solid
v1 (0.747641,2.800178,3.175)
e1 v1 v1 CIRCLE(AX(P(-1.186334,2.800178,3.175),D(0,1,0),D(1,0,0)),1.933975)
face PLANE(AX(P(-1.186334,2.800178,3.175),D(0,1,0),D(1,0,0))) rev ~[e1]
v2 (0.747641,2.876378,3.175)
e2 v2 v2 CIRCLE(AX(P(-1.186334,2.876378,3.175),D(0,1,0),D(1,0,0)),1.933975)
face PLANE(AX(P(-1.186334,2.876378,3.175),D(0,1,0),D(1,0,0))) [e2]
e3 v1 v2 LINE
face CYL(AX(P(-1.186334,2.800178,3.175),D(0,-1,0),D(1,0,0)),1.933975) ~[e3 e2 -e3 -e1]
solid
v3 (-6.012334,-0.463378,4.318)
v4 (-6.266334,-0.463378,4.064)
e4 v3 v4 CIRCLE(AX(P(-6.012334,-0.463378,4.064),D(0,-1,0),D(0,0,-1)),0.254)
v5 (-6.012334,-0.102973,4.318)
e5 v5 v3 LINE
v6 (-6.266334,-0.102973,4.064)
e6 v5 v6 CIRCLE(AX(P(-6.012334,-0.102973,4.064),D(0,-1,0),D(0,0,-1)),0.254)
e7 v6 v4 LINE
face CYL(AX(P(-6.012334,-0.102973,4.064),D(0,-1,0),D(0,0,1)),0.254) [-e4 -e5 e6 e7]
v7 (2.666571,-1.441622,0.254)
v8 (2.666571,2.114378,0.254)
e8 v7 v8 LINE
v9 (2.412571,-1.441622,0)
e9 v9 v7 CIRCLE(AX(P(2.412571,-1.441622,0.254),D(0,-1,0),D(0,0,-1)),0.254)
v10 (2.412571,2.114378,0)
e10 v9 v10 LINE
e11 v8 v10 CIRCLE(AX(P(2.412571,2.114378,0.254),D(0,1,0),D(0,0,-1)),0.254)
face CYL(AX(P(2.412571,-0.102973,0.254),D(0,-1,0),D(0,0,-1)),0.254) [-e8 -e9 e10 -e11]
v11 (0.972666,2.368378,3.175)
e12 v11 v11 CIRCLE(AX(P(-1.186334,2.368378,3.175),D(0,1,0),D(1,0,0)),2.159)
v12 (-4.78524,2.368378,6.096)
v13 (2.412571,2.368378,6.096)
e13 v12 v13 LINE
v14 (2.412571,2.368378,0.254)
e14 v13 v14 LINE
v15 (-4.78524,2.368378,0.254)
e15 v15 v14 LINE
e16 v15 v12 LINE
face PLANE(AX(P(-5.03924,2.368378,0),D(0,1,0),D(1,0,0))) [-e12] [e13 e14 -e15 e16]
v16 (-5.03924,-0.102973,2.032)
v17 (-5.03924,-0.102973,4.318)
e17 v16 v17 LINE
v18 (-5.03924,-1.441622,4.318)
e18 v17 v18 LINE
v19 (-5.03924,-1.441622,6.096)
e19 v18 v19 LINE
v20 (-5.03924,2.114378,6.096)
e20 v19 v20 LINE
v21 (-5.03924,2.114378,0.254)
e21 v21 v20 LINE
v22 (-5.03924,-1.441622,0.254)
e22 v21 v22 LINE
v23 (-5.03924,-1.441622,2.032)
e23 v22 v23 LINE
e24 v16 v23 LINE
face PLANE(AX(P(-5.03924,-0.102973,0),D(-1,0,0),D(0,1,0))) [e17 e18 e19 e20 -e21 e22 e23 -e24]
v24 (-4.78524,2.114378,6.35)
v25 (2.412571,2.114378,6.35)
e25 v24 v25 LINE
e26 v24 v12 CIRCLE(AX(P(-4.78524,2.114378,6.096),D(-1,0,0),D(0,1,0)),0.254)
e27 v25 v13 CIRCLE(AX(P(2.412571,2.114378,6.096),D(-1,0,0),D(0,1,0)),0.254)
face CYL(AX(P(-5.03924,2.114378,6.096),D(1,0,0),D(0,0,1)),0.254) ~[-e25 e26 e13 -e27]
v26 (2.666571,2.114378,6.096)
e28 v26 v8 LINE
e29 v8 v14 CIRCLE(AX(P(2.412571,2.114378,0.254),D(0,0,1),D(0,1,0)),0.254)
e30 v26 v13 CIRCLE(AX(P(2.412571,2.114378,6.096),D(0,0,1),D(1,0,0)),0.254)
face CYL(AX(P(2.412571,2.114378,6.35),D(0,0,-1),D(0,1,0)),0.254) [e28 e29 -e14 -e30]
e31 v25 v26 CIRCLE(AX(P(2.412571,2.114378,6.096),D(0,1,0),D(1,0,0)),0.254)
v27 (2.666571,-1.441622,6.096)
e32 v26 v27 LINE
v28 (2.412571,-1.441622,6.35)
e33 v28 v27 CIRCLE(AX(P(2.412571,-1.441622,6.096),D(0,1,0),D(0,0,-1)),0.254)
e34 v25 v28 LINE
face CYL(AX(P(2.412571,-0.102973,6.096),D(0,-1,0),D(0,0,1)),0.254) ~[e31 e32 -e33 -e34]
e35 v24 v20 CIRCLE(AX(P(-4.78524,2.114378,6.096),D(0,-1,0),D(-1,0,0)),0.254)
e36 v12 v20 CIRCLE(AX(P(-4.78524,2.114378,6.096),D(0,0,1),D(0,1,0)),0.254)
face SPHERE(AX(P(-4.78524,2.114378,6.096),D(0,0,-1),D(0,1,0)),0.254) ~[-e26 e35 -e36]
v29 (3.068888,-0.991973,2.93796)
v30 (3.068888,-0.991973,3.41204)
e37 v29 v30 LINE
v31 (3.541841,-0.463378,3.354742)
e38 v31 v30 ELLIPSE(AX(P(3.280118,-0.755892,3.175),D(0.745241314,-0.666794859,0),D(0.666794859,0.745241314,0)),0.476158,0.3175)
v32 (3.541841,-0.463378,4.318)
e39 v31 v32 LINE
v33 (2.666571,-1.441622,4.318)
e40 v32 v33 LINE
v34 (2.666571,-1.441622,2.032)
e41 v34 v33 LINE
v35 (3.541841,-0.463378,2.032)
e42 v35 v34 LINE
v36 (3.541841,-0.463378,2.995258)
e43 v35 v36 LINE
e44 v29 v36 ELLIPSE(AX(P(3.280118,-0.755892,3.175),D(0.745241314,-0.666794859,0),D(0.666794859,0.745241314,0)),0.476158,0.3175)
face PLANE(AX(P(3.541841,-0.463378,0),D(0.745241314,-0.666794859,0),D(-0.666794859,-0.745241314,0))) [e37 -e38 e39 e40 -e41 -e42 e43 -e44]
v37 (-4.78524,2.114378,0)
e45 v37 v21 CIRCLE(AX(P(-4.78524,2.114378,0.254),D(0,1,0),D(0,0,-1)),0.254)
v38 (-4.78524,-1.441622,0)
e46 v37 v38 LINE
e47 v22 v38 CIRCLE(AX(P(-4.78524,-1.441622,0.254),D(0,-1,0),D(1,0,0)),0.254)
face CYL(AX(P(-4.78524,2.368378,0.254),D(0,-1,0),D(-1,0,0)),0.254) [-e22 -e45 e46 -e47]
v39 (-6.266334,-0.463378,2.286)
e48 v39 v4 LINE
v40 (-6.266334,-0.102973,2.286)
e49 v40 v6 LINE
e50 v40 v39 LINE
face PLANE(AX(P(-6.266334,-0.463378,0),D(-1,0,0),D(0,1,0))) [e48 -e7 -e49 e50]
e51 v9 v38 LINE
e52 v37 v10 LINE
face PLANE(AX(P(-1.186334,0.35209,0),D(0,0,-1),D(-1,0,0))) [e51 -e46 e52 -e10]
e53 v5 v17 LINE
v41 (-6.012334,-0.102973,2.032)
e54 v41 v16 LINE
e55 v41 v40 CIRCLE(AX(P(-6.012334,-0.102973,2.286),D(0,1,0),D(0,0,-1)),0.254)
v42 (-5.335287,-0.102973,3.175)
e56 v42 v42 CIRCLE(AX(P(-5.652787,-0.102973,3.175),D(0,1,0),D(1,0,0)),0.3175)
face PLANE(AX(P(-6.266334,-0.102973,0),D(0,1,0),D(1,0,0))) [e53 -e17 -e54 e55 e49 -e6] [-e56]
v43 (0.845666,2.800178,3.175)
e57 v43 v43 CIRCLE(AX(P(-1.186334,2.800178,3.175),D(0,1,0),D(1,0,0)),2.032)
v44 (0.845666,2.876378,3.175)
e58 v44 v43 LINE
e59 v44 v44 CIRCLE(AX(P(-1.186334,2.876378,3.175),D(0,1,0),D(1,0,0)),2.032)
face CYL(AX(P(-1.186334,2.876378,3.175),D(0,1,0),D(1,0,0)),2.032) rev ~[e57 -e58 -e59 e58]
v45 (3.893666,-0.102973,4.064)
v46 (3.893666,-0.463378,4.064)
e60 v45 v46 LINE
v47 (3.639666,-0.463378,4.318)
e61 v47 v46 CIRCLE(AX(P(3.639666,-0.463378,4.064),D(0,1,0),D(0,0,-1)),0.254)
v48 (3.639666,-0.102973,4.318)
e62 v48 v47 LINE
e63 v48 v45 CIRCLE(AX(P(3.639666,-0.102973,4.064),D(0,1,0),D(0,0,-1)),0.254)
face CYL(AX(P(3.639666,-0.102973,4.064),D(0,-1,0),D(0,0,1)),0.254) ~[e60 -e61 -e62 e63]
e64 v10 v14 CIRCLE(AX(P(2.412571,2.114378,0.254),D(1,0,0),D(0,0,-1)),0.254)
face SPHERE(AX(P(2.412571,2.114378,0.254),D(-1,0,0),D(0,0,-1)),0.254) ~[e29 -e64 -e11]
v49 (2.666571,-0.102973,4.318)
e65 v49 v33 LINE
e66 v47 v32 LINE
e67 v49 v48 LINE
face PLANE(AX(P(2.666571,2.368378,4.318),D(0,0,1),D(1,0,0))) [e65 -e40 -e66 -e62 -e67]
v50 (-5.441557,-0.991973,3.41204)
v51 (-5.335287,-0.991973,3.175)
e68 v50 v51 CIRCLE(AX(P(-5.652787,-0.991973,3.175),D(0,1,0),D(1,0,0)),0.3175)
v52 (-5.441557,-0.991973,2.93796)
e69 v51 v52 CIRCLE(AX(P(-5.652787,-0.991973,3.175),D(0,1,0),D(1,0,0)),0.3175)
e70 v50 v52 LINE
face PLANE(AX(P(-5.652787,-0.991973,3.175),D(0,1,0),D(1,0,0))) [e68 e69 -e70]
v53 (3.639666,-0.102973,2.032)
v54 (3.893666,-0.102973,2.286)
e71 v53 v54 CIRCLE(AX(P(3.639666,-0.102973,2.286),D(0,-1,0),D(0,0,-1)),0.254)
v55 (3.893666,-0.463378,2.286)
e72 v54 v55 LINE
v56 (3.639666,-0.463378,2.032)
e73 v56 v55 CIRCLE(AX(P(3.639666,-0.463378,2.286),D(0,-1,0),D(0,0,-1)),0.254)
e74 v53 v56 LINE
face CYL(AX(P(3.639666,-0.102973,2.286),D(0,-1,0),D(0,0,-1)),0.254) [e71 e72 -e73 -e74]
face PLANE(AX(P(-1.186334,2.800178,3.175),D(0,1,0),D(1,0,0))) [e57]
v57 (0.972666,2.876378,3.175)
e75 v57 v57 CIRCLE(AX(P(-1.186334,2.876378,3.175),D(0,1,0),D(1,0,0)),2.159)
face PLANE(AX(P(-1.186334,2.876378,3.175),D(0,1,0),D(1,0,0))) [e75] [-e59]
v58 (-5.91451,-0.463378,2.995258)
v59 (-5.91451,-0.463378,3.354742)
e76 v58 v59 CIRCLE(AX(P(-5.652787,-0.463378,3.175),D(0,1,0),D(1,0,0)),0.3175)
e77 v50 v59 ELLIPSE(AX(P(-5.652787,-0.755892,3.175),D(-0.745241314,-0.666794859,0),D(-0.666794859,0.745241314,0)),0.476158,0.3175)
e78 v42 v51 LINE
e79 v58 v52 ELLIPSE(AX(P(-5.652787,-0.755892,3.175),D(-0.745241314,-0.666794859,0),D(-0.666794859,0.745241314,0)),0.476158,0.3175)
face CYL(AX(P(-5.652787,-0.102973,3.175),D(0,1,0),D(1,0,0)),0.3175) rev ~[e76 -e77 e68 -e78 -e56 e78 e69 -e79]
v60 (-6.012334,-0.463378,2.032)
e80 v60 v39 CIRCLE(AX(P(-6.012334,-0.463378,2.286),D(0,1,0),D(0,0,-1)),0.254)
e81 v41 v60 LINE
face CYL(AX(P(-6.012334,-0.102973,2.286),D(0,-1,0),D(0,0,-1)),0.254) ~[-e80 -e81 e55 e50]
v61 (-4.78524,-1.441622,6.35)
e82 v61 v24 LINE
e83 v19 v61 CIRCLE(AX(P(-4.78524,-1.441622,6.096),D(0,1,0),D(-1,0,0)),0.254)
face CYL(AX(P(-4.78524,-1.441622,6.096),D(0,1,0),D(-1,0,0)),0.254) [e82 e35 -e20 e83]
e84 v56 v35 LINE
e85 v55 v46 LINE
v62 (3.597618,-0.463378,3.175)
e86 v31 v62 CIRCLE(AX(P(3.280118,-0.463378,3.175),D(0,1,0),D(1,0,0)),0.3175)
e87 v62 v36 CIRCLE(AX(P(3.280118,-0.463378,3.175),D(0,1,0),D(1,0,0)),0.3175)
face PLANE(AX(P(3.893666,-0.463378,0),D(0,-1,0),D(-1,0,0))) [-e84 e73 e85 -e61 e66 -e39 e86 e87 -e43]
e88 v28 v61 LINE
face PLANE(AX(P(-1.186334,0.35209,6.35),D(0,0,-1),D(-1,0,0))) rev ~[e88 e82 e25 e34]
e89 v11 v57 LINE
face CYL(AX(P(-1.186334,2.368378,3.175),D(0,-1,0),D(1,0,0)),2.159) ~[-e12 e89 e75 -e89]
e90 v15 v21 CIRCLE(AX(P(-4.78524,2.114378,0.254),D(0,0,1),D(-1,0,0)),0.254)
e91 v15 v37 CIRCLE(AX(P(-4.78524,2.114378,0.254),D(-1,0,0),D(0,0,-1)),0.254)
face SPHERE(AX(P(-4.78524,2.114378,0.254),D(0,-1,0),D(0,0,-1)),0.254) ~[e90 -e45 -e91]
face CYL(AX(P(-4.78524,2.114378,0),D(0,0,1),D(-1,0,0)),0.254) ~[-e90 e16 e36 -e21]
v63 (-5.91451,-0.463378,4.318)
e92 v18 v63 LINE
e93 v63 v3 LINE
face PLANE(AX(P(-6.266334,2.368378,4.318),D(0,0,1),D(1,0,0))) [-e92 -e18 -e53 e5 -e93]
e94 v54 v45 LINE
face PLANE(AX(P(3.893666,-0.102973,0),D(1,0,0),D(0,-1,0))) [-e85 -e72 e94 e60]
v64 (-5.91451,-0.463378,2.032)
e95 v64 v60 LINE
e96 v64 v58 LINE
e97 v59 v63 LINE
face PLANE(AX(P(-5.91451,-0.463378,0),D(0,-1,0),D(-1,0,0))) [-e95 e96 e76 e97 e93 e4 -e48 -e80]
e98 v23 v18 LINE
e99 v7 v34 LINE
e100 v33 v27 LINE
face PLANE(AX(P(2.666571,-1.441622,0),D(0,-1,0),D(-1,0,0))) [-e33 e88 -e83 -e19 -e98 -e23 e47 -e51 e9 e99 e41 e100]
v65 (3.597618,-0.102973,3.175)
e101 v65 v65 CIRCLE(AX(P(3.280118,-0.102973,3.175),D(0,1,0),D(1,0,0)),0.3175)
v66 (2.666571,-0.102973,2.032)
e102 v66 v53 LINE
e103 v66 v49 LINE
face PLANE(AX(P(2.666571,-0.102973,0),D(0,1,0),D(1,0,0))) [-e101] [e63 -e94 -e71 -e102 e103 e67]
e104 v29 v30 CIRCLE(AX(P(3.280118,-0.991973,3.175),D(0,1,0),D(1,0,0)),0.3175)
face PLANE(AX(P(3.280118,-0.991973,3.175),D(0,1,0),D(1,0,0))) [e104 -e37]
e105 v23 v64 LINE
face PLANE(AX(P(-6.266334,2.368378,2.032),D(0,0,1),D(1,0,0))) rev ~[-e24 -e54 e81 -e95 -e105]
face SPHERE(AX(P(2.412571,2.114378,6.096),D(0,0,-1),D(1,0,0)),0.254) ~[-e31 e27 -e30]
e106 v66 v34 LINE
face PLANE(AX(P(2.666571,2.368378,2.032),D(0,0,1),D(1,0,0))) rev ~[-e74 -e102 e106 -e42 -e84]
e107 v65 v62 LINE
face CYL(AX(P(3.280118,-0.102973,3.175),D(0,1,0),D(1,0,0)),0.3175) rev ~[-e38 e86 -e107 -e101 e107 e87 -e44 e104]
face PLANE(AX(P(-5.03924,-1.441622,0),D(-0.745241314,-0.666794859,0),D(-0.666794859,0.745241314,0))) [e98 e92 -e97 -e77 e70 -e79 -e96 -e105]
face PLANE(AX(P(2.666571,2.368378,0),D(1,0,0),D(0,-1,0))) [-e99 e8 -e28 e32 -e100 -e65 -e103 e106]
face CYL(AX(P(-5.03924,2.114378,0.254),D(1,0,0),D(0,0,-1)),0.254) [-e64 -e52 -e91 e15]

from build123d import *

# Parameters (mm, degrees)
BOSS_EXTRUDE1_DEPTH = 635
SKETCH2_W           = 122.70945946
SKETCH2_H           = 203.2
SKETCH2_W_2         = 122.709459459
CUT_EXTRUDE1_DEPTH  = 382
SKETCH3_R           = 31.75
CUT_EXTRUDE2_DEPTH  = 88.9
FILLET1_R           = 25.4
FILLET2_R           = 25.4
SKETCH4_R           = 215.9
BOSS_EXTRUDE2_DEPTH = 50.8
SKETCH5_R           = 203.2
CUT_EXTRUDE3_DEPTH  = 7.62
SKETCH6_R           = 193.397530636
BOSS_EXTRUDE3_DEPTH = 7.62
SCALE1_SCALE        = 0.01


with BuildPart() as part:
    # Sketch1 → Boss-Extrude1 (new body)
    with BuildSketch(Plane.XY):
        Polygon((-503.923986486, 236.837837838), (266.657094595, 236.837837838), (266.657094595, -10.297297297), (389.366554054, -10.297297297), (389.366554054, -46.337837838), (354.184121622, -46.337837838), (266.657094595, -144.162162162), (-503.923986486, -144.162162162), (-591.451013514, -46.337837838), (-626.633445946, -46.337837838), (-626.633445946, -10.297297297), (-503.923986486, -10.297297297), align=None)
    extrude(amount=BOSS_EXTRUDE1_DEPTH)

    # Sketch2 → Cut-Extrude1 (cut, through all)
    with BuildSketch(Plane(origin=(0, 236.837837838, 0), x_dir=(1, 0, 0), z_dir=(0, 1, 0))):
        with Locations((-565.278716216, -101.6)):
            Rectangle(SKETCH2_W, SKETCH2_H)
        with Locations((-565.278716216, -533.4)):
            Rectangle(SKETCH2_W, SKETCH2_H)
        with Locations((328.011824325, -533.4)):
            Rectangle(SKETCH2_W_2, SKETCH2_H)
        with Locations((328.011824325, -101.6)):
            Rectangle(SKETCH2_W_2, SKETCH2_H)
    extrude(amount=-CUT_EXTRUDE1_DEPTH, mode=Mode.SUBTRACT)

    # Sketch3 → Cut-Extrude2 (cut)
    with BuildSketch(Plane(origin=(0, -10.297297297, 0), x_dir=(1, 0, 0), z_dir=(0, 1, 0))):
        with Locations((-565.278716216, -317.5)):
            Circle(SKETCH3_R)
        with Locations((328.011824324, -317.5)):
            Circle(SKETCH3_R)
    extrude(amount=-CUT_EXTRUDE2_DEPTH, mode=Mode.SUBTRACT)

    # Fillet1
    fillet1_edges = [part.edges().sort_by_distance(p)[0] for p in [
        (389.366554054, -28.317567568, 203.2),
        (389.366554054, -28.317567568, 431.8),
        (-626.633445946, -28.317567568, 431.8),
        (-626.633445946, -28.317567568, 203.2),
    ]]
    fillet(fillet1_edges, radius=FILLET1_R)

    # Fillet2
    fillet2_edges = [part.edges().sort_by_distance(p)[0] for p in [
        (-503.923986486, 46.337837838, 0),
        (-118.633445946, 236.837837838, 0),
        (266.657094595, 46.337837838, 0),
        (-503.923986486, 236.837837838, 317.5),
        (266.657094595, 236.837837838, 317.5),
        (266.657094595, 46.337837838, 635),
        (-118.633445946, 236.837837838, 635),
        (-503.923986486, 46.337837838, 635),
    ]]
    fillet(fillet2_edges, radius=FILLET2_R)

    # Sketch4 → Boss-Extrude2 (add)
    with BuildSketch(Plane(origin=(0, 236.837837838, 0), x_dir=(1, 0, 0), z_dir=(0, 1, 0))):
        with Locations((-118.633445946, -317.5)):
            Circle(SKETCH4_R)
    extrude(amount=BOSS_EXTRUDE2_DEPTH)

    # Sketch5 → Cut-Extrude3 (cut)
    with BuildSketch(Plane(origin=(0, 287.637837838, 0), x_dir=(1, 0, 0), z_dir=(0, 1, 0))):
        with Locations((-118.633445946, -317.5)):
            Circle(SKETCH5_R)
    extrude(amount=-CUT_EXTRUDE3_DEPTH, mode=Mode.SUBTRACT)


with BuildPart() as body_2:
    # Sketch6 → Boss-Extrude3 (new body)
    with BuildSketch(Plane(origin=(0, 280.017837838, 0), x_dir=(1, 0, 0), z_dir=(0, 1, 0))):
        with Locations((-118.633445946, -317.5)):
            Circle(SKETCH6_R)
    extrude(amount=BOSS_EXTRUDE3_DEPTH)


with BuildPart() as body_2_1:
    # Scale1: scaled about (0, 0, 0)
    add(body_2.part.scale(SCALE1_SCALE))


with BuildPart() as part_1:
    # Scale1: scaled about (0, 0, 0)
    add(part.part.scale(SCALE1_SCALE))


solid = Compound([body_2_1.part, part_1.part])
